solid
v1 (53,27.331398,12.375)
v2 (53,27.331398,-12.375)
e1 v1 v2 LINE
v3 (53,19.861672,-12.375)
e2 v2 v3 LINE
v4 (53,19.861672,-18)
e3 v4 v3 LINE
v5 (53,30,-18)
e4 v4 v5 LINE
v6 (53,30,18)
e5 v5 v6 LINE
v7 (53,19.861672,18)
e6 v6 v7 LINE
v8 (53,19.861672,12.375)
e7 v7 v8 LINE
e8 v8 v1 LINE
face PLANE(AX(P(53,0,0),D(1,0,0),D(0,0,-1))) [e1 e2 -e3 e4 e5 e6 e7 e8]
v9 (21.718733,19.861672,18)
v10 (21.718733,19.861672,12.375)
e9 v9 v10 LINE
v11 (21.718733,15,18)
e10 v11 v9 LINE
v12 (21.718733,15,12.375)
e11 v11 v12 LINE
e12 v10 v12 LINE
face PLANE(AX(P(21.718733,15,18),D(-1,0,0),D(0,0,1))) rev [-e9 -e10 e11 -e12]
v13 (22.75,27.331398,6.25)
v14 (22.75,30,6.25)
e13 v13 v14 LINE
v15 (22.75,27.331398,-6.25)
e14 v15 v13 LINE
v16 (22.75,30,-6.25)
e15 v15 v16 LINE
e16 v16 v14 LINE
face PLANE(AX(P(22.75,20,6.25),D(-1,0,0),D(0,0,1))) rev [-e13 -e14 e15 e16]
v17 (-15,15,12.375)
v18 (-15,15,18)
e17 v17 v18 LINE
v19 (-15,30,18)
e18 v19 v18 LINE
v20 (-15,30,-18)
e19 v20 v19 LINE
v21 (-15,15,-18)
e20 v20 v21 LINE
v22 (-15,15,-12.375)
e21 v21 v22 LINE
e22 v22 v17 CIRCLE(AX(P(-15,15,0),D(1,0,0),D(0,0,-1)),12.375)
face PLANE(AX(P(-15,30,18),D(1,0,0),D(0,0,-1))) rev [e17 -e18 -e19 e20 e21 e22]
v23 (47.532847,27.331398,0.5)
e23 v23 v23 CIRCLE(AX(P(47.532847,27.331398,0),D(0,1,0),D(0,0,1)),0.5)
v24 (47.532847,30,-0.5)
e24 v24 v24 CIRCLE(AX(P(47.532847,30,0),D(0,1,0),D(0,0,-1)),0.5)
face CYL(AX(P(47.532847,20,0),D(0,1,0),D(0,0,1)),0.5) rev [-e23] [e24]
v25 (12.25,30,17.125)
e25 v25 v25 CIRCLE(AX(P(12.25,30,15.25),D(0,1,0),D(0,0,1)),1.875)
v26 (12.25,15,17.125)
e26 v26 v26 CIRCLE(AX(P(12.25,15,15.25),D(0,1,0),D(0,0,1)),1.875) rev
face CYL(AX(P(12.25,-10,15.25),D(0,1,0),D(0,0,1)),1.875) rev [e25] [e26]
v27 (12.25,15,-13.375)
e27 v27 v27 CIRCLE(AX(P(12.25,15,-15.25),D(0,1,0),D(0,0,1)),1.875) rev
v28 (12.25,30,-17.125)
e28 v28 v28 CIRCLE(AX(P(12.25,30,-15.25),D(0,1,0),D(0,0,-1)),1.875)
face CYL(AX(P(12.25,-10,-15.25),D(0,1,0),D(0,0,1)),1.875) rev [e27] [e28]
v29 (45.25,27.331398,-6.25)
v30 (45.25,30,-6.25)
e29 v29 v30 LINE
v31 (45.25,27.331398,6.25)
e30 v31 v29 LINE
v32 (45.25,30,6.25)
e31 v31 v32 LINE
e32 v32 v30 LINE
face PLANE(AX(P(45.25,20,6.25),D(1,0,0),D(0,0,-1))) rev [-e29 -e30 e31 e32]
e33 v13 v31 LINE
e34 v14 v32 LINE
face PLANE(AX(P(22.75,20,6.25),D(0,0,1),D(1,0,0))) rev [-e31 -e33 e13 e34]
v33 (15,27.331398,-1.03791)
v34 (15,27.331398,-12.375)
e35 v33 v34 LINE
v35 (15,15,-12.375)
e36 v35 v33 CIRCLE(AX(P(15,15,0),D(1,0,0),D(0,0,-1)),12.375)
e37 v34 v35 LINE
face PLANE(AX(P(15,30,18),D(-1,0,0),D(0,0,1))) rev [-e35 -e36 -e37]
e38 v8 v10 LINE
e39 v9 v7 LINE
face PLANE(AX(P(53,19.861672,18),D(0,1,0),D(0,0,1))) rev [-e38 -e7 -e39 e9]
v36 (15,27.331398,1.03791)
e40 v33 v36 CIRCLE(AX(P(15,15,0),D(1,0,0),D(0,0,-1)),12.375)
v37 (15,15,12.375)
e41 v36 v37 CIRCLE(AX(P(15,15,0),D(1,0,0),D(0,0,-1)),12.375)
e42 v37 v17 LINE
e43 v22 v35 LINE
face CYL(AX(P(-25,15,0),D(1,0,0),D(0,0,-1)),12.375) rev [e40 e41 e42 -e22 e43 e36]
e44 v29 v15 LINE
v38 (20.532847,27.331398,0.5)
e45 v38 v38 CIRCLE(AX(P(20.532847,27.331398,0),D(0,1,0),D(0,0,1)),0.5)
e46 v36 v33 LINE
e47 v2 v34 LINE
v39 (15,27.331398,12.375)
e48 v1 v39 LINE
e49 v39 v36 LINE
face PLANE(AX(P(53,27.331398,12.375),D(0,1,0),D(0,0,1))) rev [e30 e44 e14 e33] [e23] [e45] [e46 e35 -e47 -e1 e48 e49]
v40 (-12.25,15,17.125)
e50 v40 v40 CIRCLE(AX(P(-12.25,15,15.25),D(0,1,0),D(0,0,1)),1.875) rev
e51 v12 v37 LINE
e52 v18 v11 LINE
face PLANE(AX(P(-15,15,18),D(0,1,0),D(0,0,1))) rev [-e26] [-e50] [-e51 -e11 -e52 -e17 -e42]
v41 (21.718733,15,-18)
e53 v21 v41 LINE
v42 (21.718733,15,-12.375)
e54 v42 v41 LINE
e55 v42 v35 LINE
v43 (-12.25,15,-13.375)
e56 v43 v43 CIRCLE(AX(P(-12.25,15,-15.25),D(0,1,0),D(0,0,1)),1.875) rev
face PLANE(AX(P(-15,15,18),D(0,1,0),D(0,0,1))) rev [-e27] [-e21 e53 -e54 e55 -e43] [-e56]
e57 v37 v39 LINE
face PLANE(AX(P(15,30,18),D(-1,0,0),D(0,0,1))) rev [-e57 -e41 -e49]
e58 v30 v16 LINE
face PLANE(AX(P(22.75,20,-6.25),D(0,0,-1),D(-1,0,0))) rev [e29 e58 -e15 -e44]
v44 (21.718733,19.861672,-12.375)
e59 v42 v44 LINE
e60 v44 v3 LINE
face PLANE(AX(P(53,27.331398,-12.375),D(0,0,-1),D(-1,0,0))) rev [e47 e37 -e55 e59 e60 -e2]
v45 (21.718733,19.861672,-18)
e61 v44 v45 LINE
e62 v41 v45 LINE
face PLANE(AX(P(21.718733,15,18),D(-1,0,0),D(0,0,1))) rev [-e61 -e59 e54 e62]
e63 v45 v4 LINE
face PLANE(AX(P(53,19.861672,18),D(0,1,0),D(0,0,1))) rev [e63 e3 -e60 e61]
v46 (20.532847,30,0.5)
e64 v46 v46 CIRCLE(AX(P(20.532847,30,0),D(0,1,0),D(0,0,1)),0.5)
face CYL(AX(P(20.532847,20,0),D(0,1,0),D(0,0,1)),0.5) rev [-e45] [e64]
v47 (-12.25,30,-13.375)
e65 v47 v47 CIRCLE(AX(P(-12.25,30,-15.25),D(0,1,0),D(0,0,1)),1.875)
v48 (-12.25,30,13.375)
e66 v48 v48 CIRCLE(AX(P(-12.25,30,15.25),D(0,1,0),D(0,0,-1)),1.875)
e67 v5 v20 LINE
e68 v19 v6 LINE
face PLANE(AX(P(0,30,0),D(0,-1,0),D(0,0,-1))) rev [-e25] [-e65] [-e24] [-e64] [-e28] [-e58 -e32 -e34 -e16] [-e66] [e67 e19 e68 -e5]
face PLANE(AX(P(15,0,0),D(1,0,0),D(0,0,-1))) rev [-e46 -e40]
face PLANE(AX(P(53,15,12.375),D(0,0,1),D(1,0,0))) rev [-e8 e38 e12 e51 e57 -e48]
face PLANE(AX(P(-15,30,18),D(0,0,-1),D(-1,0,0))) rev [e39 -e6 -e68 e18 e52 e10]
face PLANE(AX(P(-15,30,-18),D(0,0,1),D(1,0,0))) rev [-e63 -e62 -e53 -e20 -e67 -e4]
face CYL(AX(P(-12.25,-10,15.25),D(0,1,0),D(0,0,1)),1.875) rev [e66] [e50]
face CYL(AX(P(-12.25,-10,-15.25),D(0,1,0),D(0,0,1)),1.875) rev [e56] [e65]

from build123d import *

# Parameters (mm, degrees)
SKETCH1_W               = 30
SKETCH1_H               = 36
BOSS_EXTRUDE1_DEPTH     = 30
SKETCH3_R               = 12.375
CUT_EXTRUDE1_DEPTH      = 40
SKETCH5_R               = 1.875
CUT_EXTRUDE2_DEPTH      = 40
CUT_EXTRUDE3_START      = 15
SKETCH7_W               = 36
SKETCH7_H               = 15
CUT_EXTRUDE3_DEPTH      = 31
BOSS_EXTRUDE2_DEPTH     = 38
SKETCH9_R               = 0.5
SKETCH9_W               = 22.5
SKETCH9_H               = 12.5
CUT_EXTRUDE4_DEPTH      = 10
SKETCH10_W              = 31.281266854
SKETCH10_H              = 4.861672308
CUT_EXTRUDE6_DEPTH      = 31.375
CUT_EXTRUDE6_DEPTH_BACK = 6.625


with BuildPart() as part:
    # Sketch1 → Boss-Extrude1 (new body)
    with BuildSketch(Plane(origin=(0, 0, 0), x_dir=(1, 0, 0), z_dir=(0, 1, 0))):
        Rectangle(SKETCH1_W, SKETCH1_H)
    extrude(amount=BOSS_EXTRUDE1_DEPTH)

    # Sketch3 → Cut-Extrude1 (cut)
    with BuildSketch(Plane(origin=(15, 0, 0), x_dir=(0, 0, -1), z_dir=(1, 0, 0))):
        with Locations((0, 15)):
            Circle(SKETCH3_R)
    extrude(amount=-CUT_EXTRUDE1_DEPTH, mode=Mode.SUBTRACT)

    # Sketch5 → Cut-Extrude2 (cut)
    with BuildSketch(Plane(origin=(0, 30, 0), x_dir=(1, 0, 0), z_dir=(0, 1, 0))):
        with Locations((-12.25, 15.25)):
            Circle(SKETCH5_R)
        with Locations((-12.25, -15.25)):
            Circle(SKETCH5_R)
        with Locations((12.25, -15.25)):
            Circle(SKETCH5_R)
        with Locations((12.25, 15.25)):
            Circle(SKETCH5_R)
    extrude(amount=-CUT_EXTRUDE2_DEPTH, mode=Mode.SUBTRACT)

    # Sketch7 → Cut-Extrude3 (cut, through all)
    with BuildSketch(Plane(origin=(0, 0, 0), x_dir=(0, 0, -1), z_dir=(1, 0, 0)).offset(CUT_EXTRUDE3_START)):
        with Locations((0, 7.5)):
            Rectangle(SKETCH7_W, SKETCH7_H)
    extrude(amount=-CUT_EXTRUDE3_DEPTH, mode=Mode.SUBTRACT)

    # Sketch8 → Boss-Extrude2 (add)
    with BuildSketch(Plane(origin=(15, 0, 0), x_dir=(0, 0, -1), z_dir=(1, 0, 0))):
        Polygon((-18, 30), (18, 30), (18, 27.331397605), (18, 15), (12.375, 15), (12.375, 27.331397605), (-12.375, 27.331397605), (-12.375, 15), (-18, 15), (-18, 27.331397605), align=None)
    extrude(amount=BOSS_EXTRUDE2_DEPTH)

    # Sketch9 → Cut-Extrude4 (cut)
    with BuildSketch(Plane(origin=(0, 30, 0), x_dir=(1, 0, 0), z_dir=(0, 1, 0))):
        with Locations((20.532846914, 0)):
            Circle(SKETCH9_R)
        with Locations((47.532846914, 0)):
            Circle(SKETCH9_R)
        with Locations((34, 0)):
            Rectangle(SKETCH9_W, SKETCH9_H)
    extrude(amount=-CUT_EXTRUDE4_DEPTH, mode=Mode.SUBTRACT)

    # Sketch10 → Cut-Extrude6 (cut, two sides)
    with BuildSketch(Plane(origin=(0, 0, 12.375), x_dir=(-1, 0, 0), z_dir=(0, 0, -1))) as cut_extrude6_sk:
        with Locations((-37.359366573, 17.430836154)):
            Rectangle(SKETCH10_W, SKETCH10_H)
    extrude(amount=CUT_EXTRUDE6_DEPTH, mode=Mode.SUBTRACT)
    extrude(cut_extrude6_sk.sketch, amount=-CUT_EXTRUDE6_DEPTH_BACK, mode=Mode.SUBTRACT)


solid = part.part
